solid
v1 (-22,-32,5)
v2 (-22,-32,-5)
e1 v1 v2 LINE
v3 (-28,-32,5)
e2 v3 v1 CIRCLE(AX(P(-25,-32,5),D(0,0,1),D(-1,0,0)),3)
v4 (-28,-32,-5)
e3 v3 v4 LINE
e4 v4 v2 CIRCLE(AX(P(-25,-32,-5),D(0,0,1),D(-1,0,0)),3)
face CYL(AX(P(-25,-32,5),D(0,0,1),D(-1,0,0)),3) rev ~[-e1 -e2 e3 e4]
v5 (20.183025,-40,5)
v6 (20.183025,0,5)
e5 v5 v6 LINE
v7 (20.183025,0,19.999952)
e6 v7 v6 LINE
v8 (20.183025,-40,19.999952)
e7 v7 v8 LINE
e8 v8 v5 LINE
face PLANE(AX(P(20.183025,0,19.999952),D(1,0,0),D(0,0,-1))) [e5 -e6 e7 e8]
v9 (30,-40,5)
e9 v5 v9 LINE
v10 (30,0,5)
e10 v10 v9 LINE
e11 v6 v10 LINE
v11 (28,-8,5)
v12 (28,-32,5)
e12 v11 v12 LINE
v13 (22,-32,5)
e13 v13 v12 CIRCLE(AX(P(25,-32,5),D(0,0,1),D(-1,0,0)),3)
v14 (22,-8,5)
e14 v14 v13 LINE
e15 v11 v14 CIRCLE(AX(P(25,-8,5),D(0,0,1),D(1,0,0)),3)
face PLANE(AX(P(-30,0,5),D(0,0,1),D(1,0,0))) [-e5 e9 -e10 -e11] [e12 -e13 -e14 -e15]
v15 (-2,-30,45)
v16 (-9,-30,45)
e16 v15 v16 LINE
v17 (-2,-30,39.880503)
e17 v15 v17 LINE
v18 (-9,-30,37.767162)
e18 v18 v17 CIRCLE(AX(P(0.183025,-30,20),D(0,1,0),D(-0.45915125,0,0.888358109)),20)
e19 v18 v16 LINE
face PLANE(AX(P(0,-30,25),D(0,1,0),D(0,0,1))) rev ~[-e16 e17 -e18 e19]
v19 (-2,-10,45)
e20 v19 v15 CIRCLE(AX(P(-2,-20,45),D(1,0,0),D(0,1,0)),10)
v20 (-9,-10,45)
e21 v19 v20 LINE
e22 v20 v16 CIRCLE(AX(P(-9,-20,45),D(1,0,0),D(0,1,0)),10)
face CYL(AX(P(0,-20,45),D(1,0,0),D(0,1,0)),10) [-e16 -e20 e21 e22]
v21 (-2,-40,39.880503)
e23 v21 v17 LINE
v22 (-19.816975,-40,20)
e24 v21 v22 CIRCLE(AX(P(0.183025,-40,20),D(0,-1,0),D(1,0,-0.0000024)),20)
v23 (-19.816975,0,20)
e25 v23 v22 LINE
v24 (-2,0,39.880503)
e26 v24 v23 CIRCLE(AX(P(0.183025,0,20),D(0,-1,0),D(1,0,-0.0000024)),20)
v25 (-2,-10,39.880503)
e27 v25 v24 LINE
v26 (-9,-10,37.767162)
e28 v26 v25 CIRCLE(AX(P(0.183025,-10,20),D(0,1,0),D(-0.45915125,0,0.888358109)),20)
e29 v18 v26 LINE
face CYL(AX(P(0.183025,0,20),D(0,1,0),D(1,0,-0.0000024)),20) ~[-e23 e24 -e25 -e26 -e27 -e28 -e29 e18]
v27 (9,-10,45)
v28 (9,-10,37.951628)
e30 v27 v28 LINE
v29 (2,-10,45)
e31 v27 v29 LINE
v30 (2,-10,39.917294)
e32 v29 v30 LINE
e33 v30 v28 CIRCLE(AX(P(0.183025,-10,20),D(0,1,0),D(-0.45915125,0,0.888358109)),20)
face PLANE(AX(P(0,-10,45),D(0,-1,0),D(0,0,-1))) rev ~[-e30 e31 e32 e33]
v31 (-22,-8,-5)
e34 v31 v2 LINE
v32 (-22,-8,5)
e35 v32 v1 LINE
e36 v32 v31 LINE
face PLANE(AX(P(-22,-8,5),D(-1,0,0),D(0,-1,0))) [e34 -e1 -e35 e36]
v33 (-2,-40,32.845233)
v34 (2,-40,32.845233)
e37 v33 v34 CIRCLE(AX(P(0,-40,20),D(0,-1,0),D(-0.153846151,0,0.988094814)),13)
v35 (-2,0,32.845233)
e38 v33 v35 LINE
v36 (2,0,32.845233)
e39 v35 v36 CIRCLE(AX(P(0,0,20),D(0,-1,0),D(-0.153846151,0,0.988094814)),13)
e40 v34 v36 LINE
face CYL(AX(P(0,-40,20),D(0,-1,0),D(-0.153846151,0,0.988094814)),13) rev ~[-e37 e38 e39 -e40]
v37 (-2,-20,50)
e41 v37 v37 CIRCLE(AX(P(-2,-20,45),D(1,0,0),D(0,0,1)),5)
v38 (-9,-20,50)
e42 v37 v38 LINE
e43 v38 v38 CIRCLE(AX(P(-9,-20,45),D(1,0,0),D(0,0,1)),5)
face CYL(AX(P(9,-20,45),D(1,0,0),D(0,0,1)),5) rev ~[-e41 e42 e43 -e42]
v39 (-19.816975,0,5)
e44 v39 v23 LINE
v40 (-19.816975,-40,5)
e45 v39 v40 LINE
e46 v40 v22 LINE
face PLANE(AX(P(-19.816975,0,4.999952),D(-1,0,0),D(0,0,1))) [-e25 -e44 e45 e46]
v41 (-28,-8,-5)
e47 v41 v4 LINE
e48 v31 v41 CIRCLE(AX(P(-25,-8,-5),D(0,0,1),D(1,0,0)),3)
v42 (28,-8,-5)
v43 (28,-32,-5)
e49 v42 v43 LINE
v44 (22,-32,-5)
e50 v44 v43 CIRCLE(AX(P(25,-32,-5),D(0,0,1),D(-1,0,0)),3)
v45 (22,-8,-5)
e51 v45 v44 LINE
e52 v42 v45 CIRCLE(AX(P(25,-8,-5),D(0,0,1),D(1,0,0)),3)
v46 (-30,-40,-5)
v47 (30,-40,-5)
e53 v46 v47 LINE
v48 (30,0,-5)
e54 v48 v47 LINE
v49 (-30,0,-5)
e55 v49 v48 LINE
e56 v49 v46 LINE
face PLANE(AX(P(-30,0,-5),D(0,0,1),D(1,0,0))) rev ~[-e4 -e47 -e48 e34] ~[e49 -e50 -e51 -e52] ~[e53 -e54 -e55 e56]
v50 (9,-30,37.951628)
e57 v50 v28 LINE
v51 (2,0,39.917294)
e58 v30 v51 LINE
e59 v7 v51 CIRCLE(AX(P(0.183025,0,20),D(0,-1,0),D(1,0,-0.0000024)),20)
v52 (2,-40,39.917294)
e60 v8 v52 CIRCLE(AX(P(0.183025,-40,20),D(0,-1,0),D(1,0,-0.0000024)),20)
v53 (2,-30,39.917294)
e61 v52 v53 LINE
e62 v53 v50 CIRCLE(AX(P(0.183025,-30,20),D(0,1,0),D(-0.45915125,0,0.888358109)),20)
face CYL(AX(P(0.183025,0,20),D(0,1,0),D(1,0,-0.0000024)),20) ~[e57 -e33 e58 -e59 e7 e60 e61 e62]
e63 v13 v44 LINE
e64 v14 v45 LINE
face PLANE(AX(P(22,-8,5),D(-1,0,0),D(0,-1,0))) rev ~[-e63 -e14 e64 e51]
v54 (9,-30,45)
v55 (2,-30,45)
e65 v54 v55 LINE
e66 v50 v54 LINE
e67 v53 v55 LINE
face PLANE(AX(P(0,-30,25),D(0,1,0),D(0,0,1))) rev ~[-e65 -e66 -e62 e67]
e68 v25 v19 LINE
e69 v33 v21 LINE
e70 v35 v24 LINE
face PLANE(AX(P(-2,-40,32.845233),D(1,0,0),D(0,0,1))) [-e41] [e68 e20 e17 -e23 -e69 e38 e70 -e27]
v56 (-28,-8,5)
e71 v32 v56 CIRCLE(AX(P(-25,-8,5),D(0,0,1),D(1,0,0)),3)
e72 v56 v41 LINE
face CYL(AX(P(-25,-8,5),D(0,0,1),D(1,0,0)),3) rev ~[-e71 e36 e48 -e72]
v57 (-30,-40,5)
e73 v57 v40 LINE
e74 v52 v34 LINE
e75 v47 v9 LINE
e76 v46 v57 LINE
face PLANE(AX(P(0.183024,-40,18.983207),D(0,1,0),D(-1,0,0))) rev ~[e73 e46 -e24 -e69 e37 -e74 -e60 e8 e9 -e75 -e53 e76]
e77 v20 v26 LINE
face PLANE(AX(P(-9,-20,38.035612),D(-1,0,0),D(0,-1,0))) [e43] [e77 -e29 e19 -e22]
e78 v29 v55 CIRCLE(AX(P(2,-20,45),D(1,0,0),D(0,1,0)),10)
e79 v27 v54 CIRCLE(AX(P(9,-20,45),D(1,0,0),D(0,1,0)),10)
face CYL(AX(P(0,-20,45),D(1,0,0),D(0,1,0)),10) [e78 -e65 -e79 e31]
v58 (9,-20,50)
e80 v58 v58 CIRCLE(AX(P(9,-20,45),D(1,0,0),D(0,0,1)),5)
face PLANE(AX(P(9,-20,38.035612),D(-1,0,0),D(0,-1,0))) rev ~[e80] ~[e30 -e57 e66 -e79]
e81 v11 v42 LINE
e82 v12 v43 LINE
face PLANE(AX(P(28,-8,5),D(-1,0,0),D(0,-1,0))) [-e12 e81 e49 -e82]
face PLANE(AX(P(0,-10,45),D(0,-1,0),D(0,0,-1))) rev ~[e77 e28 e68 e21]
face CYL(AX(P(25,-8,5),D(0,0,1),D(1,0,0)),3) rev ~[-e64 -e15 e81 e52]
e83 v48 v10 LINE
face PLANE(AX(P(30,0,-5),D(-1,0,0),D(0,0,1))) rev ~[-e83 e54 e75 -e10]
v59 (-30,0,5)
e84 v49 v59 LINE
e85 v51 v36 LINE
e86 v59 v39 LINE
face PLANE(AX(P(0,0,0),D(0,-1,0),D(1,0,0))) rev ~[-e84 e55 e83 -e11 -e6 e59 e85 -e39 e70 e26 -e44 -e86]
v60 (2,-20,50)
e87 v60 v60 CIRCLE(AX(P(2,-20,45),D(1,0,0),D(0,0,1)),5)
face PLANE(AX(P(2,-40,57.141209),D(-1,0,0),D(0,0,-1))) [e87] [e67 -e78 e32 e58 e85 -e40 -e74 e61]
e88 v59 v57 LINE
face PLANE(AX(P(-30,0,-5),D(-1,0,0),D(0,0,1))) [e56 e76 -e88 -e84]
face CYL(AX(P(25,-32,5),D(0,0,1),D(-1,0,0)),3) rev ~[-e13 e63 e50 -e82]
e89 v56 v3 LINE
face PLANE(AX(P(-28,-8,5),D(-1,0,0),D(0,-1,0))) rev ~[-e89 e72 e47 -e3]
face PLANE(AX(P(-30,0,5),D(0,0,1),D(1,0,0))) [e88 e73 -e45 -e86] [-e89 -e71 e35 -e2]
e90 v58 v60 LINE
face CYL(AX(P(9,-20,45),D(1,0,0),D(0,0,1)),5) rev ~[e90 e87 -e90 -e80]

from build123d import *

# Parameters (mm, degrees)
SKETCH_W          = 60
SKETCH_H          = 10
PAD_DEPTH         = 40
PAD001_DEPTH      = 40
PAD002_DEPTH      = 9
PAD002_DEPTH_BACK = 9
SKETCH003_R       = 5
POCKET_DEPTH      = 18
POCKET001_DEPTH   = 40
POCKET002_DEPTH   = 10


with BuildPart() as part:
    # Sketch → Pad (new body)
    with BuildSketch(Plane.XZ):
        Rectangle(SKETCH_W, SKETCH_H)
    extrude(amount=PAD_DEPTH)

    # Sketch001 → Pad001 (join)
    with BuildSketch(Plane.XZ):
        with BuildLine():
            Line((-19.816975, 4.999952), (-19.816975, 20))
            ThreePointArc((20.183025, 19.999952), (0.183049, 40), (-19.816975, 20))
            Line((20.183025, 19.999952), (20.183025, 4.999952))
            Line((20.183025, 4.999952), (-19.816975, 4.999952))
        make_face()
    extrude(amount=PAD001_DEPTH)

    # Sketch002 → Pad002 (join, two sides)
    with BuildSketch(Plane.YZ) as pad002_sk:
        with BuildLine():
            Line((-30, 25), (-30, 45))
            ThreePointArc((-10, 45), (-20, 55), (-30, 45))
            Line((-10, 45), (-10, 25))
            Line((-10, 25), (-30, 25))
        make_face()
    extrude(amount=PAD002_DEPTH)
    extrude(pad002_sk.sketch, amount=-PAD002_DEPTH_BACK)

    # Sketch003 (on Face17 of Pad002) → Pocket (cut)
    with BuildSketch(Plane(origin=(9, 0, 0), x_dir=(0, 0, 1), z_dir=(1, 0, 0))):
        with Locations((45, 20)):
            Circle(SKETCH003_R)
    extrude(amount=-POCKET_DEPTH, mode=Mode.SUBTRACT)

    # Sketch004 (on Face12 of Pocket) → Pocket001 (cut)
    with BuildSketch(Plane.XZ.offset(40)):
        with BuildLine():
            ThreePointArc((-2, 32.845233), (0, 7), (2, 32.845233))
            Line((2, 57.141209), (2, 32.845233))
            Line((-2, 57.141209), (2, 57.141209))
            Line((-2, 32.845233), (-2, 57.141209))
        make_face()
    extrude(amount=-POCKET001_DEPTH, mode=Mode.SUBTRACT)

    # Sketch005 (on Face8 of Pocket001) → Pocket002 (cut)
    with BuildSketch(Plane(origin=(0, 0, 5), x_dir=(-1, 0, 0), z_dir=(0, 0, 1))):
        with BuildLine():
            ThreePointArc((-28, 8), (-25, 5), (-22, 8))
            Line((-22, 8), (-22, 32))
            ThreePointArc((-22, 32), (-25, 35), (-28, 32))
            Line((-28, 8), (-28, 32))
        make_face()
        with BuildLine():
            ThreePointArc((22, 8), (25, 5), (28, 8))
            Line((28, 8), (28, 32))
            ThreePointArc((28, 32), (25, 35), (22, 32))
            Line((22, 8), (22, 32))
        make_face()
    extrude(amount=-POCKET002_DEPTH, mode=Mode.SUBTRACT)


solid = part.part
